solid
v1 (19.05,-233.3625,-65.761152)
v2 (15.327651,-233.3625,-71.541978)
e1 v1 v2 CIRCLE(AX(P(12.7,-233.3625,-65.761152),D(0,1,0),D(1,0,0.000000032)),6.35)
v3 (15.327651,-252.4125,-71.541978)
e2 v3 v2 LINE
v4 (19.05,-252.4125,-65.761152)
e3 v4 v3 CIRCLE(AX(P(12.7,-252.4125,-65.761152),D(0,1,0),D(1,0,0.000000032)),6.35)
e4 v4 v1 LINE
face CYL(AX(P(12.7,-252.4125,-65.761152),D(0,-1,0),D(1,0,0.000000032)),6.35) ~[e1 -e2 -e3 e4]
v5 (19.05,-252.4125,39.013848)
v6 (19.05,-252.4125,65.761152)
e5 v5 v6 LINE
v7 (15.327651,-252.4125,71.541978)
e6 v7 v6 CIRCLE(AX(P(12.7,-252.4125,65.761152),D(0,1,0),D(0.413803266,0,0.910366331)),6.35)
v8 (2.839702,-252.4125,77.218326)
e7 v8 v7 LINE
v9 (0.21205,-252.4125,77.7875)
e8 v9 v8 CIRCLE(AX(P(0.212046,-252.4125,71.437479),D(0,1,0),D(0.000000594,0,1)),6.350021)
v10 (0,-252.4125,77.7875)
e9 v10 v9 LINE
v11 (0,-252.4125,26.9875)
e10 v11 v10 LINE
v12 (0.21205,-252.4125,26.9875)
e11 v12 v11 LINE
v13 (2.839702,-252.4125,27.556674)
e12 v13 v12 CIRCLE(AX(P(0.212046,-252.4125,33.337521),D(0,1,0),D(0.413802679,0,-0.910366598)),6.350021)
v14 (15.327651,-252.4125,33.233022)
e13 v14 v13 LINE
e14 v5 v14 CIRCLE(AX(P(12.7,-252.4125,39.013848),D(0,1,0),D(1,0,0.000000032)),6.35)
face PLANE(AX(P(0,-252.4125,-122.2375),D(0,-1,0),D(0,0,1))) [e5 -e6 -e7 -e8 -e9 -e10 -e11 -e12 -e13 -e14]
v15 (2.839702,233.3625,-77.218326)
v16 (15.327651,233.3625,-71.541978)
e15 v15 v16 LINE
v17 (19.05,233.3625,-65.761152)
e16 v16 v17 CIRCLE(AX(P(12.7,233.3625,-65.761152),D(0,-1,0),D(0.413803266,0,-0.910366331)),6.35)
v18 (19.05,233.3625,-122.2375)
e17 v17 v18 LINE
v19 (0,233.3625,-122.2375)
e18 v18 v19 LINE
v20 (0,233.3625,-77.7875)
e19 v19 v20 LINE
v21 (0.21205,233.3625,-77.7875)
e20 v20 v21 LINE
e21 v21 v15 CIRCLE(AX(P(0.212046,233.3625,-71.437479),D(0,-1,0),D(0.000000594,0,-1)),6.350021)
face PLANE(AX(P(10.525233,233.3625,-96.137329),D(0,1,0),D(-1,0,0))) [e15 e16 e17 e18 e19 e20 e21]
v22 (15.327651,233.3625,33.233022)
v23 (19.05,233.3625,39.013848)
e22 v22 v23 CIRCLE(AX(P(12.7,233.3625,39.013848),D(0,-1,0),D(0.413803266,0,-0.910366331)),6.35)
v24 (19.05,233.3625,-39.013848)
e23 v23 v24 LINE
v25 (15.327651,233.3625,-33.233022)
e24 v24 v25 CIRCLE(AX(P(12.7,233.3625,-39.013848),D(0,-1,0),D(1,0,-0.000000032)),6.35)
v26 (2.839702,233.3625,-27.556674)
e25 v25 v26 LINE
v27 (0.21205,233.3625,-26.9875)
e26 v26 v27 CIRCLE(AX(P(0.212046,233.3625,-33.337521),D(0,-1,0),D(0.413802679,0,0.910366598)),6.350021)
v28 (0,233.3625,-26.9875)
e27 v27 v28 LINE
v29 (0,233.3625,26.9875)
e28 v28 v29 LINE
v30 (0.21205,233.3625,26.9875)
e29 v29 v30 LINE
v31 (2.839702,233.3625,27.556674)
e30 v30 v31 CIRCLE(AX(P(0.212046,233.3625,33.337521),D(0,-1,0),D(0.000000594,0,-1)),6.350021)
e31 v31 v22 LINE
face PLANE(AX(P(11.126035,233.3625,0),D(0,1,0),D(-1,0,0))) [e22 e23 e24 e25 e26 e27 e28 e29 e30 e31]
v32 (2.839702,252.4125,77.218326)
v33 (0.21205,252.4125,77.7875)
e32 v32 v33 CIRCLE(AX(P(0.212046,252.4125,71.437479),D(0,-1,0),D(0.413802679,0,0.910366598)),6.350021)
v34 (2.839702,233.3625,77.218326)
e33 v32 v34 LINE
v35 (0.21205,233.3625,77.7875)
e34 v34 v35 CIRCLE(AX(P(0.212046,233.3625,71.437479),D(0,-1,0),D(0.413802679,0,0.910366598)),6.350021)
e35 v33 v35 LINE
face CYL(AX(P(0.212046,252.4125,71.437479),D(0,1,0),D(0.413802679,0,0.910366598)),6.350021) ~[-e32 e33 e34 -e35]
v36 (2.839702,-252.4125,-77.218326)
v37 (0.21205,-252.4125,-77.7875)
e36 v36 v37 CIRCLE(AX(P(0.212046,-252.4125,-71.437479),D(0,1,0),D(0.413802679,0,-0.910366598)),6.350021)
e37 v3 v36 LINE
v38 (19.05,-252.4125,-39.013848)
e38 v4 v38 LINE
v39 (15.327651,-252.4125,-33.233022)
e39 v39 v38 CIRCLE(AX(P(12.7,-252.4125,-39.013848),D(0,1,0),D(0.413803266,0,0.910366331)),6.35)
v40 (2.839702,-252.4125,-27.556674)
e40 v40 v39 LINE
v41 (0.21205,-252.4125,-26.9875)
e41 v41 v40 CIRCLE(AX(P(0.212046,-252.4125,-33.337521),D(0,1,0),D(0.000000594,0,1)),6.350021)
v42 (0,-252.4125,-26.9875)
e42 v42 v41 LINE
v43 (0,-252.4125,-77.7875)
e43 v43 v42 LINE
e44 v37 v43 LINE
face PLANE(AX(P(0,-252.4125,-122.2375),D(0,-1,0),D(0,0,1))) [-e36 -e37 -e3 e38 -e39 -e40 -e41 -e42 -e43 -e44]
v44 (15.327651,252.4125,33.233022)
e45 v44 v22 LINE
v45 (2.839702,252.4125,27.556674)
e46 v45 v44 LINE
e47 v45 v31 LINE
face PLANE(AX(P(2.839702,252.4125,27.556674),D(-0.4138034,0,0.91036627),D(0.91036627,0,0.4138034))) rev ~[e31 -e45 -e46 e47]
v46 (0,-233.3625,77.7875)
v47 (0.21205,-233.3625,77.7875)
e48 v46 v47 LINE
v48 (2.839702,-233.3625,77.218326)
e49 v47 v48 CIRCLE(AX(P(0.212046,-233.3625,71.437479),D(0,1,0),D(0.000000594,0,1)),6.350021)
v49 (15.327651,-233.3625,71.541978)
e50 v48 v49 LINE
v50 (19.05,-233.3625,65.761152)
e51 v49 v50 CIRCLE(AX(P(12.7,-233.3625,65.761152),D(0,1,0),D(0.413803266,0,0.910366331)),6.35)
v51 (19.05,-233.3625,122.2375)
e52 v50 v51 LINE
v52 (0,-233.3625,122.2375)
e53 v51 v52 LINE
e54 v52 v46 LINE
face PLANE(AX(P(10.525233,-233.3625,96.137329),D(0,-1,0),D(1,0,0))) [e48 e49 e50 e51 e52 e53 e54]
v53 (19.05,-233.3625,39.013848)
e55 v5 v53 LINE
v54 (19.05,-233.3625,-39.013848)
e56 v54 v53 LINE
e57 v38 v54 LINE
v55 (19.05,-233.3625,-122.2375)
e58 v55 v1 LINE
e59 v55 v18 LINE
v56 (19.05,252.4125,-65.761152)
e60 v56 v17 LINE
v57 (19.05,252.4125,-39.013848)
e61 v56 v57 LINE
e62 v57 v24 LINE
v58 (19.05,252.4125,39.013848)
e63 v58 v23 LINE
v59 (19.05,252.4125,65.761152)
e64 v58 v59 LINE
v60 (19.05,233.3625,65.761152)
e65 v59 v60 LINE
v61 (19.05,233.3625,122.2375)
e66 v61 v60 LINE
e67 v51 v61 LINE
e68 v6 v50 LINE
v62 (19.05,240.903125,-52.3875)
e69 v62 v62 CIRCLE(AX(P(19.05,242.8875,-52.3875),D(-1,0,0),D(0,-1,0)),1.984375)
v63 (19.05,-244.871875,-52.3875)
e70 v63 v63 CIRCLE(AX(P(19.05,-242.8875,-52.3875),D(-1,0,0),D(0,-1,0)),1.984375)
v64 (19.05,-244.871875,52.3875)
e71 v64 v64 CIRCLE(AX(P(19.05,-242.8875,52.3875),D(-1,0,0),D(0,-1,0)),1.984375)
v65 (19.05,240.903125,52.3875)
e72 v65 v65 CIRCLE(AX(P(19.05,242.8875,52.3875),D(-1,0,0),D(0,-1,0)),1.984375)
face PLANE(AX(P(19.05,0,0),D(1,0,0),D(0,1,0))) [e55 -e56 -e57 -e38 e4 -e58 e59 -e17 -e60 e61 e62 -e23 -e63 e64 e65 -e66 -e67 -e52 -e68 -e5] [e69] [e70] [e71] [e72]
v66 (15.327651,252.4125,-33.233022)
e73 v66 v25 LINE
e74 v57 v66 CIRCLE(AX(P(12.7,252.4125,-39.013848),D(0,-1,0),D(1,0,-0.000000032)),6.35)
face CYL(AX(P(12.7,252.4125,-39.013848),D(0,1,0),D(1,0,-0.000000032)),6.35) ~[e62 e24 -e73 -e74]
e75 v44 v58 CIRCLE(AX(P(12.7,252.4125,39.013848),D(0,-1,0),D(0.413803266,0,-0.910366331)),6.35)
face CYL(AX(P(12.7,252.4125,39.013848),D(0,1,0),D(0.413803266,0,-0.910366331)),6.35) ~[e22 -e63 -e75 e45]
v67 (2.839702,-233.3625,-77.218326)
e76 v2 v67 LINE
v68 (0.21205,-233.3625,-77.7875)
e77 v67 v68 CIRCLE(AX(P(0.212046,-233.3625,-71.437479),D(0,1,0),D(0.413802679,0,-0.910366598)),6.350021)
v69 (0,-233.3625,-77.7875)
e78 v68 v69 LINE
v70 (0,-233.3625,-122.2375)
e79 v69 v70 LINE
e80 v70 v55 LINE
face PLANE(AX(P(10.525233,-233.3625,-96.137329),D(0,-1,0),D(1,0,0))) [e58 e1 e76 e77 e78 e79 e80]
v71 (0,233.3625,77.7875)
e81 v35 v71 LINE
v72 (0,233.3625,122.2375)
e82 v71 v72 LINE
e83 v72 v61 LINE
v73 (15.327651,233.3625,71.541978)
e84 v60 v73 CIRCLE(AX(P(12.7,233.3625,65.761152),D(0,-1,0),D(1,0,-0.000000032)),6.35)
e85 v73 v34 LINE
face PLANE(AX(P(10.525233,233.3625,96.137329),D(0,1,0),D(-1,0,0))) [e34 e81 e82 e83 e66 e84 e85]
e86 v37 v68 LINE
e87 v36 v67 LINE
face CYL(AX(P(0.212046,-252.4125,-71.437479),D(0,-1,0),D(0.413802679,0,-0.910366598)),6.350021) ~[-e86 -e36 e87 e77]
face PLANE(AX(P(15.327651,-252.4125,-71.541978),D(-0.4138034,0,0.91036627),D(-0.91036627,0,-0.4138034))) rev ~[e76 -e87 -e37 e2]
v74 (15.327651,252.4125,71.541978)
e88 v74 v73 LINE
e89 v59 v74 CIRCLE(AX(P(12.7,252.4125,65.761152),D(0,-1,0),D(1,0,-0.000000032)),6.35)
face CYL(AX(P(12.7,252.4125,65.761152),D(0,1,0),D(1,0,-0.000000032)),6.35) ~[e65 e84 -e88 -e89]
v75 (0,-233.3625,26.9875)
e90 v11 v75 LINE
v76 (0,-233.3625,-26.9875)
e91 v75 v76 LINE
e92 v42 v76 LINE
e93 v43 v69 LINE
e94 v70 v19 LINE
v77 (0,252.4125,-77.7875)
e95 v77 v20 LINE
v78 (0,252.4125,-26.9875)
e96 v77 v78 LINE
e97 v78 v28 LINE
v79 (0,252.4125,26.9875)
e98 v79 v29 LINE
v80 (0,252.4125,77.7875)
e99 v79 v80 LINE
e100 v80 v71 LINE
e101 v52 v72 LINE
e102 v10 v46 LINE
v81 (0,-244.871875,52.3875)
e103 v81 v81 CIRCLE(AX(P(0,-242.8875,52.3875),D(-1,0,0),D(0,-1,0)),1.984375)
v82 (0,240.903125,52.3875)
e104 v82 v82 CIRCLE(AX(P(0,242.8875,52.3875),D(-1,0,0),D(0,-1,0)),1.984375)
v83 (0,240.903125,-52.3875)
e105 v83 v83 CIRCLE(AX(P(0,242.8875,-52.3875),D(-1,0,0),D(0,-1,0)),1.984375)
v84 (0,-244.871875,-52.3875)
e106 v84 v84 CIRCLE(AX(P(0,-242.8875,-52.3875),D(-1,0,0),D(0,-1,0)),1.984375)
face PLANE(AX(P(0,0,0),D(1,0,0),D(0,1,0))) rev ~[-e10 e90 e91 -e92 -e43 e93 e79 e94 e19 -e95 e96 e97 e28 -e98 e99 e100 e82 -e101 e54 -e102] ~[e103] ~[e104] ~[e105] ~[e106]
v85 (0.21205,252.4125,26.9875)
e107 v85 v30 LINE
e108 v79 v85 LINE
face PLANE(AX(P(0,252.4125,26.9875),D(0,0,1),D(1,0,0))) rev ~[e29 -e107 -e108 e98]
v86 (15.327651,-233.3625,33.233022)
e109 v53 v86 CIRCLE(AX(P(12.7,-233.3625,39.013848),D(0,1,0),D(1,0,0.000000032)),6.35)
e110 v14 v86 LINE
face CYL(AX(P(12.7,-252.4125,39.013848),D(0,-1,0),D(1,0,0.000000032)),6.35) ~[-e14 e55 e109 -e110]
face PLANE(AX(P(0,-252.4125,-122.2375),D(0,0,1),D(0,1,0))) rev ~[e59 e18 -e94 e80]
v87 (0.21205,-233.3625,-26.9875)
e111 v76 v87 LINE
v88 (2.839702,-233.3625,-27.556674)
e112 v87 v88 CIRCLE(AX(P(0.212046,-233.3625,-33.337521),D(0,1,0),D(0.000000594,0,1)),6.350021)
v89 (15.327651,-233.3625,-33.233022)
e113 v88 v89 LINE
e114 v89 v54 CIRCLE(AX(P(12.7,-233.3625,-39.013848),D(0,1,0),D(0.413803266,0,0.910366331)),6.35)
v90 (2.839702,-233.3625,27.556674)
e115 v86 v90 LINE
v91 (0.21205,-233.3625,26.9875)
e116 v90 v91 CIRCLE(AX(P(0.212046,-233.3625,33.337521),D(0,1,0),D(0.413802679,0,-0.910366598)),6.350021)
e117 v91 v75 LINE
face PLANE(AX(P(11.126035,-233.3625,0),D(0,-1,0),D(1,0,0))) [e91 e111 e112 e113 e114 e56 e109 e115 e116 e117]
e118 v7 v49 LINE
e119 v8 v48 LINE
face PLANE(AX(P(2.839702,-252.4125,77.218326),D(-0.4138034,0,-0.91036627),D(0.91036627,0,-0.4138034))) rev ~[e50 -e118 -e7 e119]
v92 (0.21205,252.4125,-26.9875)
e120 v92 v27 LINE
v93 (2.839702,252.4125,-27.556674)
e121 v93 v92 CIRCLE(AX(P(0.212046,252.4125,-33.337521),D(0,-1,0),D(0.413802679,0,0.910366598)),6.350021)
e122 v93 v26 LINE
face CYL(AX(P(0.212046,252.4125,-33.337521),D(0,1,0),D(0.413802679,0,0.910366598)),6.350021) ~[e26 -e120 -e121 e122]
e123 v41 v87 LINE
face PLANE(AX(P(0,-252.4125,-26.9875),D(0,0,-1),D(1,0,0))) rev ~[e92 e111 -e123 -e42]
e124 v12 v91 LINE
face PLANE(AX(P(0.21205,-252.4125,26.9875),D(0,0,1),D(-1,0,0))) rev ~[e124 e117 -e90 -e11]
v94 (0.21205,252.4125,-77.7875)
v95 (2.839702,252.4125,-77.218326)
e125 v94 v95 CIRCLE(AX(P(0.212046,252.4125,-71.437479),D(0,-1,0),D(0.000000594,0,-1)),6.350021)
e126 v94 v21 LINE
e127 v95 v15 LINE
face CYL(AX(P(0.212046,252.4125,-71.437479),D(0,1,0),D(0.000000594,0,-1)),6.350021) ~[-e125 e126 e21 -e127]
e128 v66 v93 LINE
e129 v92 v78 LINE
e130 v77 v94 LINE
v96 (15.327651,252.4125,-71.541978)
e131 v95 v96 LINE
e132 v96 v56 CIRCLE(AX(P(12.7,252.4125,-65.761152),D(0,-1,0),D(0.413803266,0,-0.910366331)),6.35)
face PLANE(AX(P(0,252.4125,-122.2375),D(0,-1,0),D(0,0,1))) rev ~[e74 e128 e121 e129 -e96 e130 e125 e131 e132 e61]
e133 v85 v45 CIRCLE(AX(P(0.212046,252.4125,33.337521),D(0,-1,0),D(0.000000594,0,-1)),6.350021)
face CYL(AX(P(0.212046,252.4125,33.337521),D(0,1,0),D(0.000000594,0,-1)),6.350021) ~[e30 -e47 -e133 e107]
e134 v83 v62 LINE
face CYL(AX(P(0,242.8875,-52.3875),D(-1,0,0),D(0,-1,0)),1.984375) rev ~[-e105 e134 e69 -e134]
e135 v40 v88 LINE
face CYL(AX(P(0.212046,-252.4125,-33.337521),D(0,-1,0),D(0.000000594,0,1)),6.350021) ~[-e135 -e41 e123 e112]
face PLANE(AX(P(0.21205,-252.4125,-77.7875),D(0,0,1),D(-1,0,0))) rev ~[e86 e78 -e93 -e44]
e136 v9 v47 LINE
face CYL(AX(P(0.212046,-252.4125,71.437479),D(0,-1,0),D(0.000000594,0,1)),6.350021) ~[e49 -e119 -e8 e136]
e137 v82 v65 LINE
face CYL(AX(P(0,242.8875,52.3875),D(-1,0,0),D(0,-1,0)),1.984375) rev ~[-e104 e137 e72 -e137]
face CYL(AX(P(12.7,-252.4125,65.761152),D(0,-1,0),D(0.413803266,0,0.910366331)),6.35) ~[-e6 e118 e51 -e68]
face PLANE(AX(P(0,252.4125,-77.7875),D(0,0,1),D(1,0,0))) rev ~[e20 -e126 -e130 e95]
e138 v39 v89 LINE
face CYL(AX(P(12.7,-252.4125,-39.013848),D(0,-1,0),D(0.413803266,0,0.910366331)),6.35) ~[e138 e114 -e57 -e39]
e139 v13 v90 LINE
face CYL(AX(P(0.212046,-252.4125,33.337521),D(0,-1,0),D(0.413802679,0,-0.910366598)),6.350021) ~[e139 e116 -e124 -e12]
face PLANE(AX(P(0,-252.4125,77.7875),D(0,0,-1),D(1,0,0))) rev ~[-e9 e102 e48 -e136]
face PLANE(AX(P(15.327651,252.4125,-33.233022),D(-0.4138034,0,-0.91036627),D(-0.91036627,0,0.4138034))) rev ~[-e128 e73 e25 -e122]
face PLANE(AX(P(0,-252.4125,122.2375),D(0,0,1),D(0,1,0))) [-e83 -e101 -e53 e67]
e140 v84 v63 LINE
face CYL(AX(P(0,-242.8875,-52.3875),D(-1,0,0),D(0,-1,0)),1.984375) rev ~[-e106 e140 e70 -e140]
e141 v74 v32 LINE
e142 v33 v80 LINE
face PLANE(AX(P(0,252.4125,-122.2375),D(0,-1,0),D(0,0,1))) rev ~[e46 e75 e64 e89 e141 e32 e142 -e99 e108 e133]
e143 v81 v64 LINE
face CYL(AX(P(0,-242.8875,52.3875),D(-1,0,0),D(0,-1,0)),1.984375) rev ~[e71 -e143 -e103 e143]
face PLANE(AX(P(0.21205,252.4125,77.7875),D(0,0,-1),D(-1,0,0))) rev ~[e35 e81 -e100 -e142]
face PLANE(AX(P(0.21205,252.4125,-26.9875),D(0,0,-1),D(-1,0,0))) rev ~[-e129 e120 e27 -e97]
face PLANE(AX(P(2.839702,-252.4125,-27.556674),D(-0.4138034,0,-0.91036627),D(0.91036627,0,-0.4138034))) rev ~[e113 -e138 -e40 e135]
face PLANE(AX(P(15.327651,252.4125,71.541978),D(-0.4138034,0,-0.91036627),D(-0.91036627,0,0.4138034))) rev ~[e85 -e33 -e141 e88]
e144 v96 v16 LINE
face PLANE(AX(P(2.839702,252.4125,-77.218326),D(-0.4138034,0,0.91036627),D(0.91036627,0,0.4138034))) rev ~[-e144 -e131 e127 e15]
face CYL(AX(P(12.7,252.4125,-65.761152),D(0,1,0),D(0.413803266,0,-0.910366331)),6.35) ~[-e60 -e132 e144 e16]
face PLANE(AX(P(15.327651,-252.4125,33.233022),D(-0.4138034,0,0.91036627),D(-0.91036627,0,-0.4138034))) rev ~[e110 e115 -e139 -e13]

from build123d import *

# Parameters (mm, degrees)
F0_W     = 504.825
F0_H     = 244.475
F1_DEPTH = 19.05
F4_DEPTH = 19.05
F5_DEPTH = 19.05
F6_R     = 1.984375
F7_DEPTH = 19.05


with BuildPart() as f1:
    # F0 (on Right) → F1 (new body)
    with BuildSketch(Plane.YZ):
        Rectangle(F0_W, F0_H)
    extrude(amount=F1_DEPTH)

    # F3 (on face) → F4 (cut)
    with BuildSketch(Plane(origin=(0, 252.4125, 0), x_dir=(-1, 0, 0), z_dir=(0, 1, 0))):
        with BuildLine():
            Line((0, 77.7875), (0, 122.2375))
            Line((0, 122.2375), (-19.05, 122.2375))
            Line((-19.05, 122.2375), (-19.05, 65.761152))
            ThreePointArc((-19.05, 65.761152), (-18.038918, 69.19895), (-15.327651, 71.541978))
            Line((-15.327651, 71.541978), (-2.839702, 77.218326))
            ThreePointArc((-2.839702, 77.218326), (-1.556345, 77.643575), (-0.21205, 77.7875))
            Line((-0.21205, 77.7875), (0, 77.7875))
        make_face()
        with BuildLine():
            Line((0, -26.9875), (0, 26.9875))
            Line((0, 26.9875), (-0.21205, 26.9875))
            ThreePointArc((-0.21205, 26.9875), (-1.556345, 27.131425), (-2.839702, 27.556674))
            Line((-2.839702, 27.556674), (-15.327651, 33.233022))
            ThreePointArc((-15.327651, 33.233022), (-18.038918, 35.57605), (-19.05, 39.013848))
            Line((-19.05, 39.013848), (-19.05, -39.013848))
            ThreePointArc((-19.05, -39.013848), (-18.038918, -35.57605), (-15.327651, -33.233022))
            Line((-15.327651, -33.233022), (-2.839702, -27.556674))
            ThreePointArc((-2.839702, -27.556674), (-1.556345, -27.131425), (-0.21205, -26.9875))
            Line((-0.21205, -26.9875), (0, -26.9875))
        make_face()
        with BuildLine():
            Line((0, -122.2375), (0, -77.7875))
            Line((0, -77.7875), (-0.21205, -77.7875))
            ThreePointArc((-0.21205, -77.7875), (-1.556345, -77.643575), (-2.839702, -77.218326))
            Line((-2.839702, -77.218326), (-15.327651, -71.541978))
            ThreePointArc((-15.327651, -71.541978), (-18.038918, -69.19895), (-19.05, -65.761152))
            Line((-19.05, -65.761152), (-19.05, -122.2375))
            Line((-19.05, -122.2375), (0, -122.2375))
        make_face()
    extrude(amount=-F4_DEPTH, mode=Mode.SUBTRACT)

    # F2 (on face) → F5 (cut)
    with BuildSketch(Plane.XZ.offset(252.4125)):
        with BuildLine():
            Line((0, 122.2375), (0, 77.7875))
            Line((0, 77.7875), (0.21205, 77.7875))
            ThreePointArc((0.21205, 77.7875), (1.556345, 77.643575), (2.839702, 77.218326))
            Line((2.839702, 77.218326), (15.327651, 71.541978))
            ThreePointArc((15.327651, 71.541978), (18.038918, 69.19895), (19.05, 65.761152))
            Line((19.05, 65.761152), (19.05, 122.2375))
            Line((19.05, 122.2375), (0, 122.2375))
        make_face()
        with BuildLine():
            Line((0, 26.9875), (0, -26.9875))
            Line((0, -26.9875), (0.21205, -26.9875))
            ThreePointArc((0.21205, -26.9875), (1.556345, -27.131425), (2.839702, -27.556674))
            Line((2.839702, -27.556674), (15.327651, -33.233022))
            ThreePointArc((15.327651, -33.233022), (18.038918, -35.57605), (19.05, -39.013848))
            Line((19.05, -39.013848), (19.05, 39.013848))
            ThreePointArc((19.05, 39.013848), (18.038918, 35.57605), (15.327651, 33.233022))
            Line((15.327651, 33.233022), (2.839702, 27.556674))
            ThreePointArc((2.839702, 27.556674), (1.556345, 27.131425), (0.21205, 26.9875))
            Line((0.21205, 26.9875), (0, 26.9875))
        make_face()
        with BuildLine():
            Line((0, -77.7875), (0, -122.2375))
            Line((0, -122.2375), (19.05, -122.2375))
            Line((19.05, -122.2375), (19.05, -65.761152))
            ThreePointArc((19.05, -65.761152), (18.038918, -69.19895), (15.327651, -71.541978))
            Line((15.327651, -71.541978), (2.839702, -77.218326))
            ThreePointArc((2.839702, -77.218326), (1.556345, -77.643575), (0.21205, -77.7875))
            Line((0.21205, -77.7875), (0, -77.7875))
        make_face()
    extrude(amount=-F5_DEPTH, mode=Mode.SUBTRACT)

    # F6 (on face) → F7 (cut)
    with BuildSketch(Plane(origin=(0, 0, 0), x_dir=(0, -1, 0), z_dir=(-1, 0, 0))):
        with Locations((-242.8875, -52.3875)):
            Circle(F6_R)
        with Locations((-242.8875, 52.3875)):
            Circle(F6_R)
        with Locations((242.8875, 52.3875)):
            Circle(F6_R)
        with Locations((242.8875, -52.3875)):
            Circle(F6_R)
    extrude(amount=-F7_DEPTH, mode=Mode.SUBTRACT)


solid = f1.part
